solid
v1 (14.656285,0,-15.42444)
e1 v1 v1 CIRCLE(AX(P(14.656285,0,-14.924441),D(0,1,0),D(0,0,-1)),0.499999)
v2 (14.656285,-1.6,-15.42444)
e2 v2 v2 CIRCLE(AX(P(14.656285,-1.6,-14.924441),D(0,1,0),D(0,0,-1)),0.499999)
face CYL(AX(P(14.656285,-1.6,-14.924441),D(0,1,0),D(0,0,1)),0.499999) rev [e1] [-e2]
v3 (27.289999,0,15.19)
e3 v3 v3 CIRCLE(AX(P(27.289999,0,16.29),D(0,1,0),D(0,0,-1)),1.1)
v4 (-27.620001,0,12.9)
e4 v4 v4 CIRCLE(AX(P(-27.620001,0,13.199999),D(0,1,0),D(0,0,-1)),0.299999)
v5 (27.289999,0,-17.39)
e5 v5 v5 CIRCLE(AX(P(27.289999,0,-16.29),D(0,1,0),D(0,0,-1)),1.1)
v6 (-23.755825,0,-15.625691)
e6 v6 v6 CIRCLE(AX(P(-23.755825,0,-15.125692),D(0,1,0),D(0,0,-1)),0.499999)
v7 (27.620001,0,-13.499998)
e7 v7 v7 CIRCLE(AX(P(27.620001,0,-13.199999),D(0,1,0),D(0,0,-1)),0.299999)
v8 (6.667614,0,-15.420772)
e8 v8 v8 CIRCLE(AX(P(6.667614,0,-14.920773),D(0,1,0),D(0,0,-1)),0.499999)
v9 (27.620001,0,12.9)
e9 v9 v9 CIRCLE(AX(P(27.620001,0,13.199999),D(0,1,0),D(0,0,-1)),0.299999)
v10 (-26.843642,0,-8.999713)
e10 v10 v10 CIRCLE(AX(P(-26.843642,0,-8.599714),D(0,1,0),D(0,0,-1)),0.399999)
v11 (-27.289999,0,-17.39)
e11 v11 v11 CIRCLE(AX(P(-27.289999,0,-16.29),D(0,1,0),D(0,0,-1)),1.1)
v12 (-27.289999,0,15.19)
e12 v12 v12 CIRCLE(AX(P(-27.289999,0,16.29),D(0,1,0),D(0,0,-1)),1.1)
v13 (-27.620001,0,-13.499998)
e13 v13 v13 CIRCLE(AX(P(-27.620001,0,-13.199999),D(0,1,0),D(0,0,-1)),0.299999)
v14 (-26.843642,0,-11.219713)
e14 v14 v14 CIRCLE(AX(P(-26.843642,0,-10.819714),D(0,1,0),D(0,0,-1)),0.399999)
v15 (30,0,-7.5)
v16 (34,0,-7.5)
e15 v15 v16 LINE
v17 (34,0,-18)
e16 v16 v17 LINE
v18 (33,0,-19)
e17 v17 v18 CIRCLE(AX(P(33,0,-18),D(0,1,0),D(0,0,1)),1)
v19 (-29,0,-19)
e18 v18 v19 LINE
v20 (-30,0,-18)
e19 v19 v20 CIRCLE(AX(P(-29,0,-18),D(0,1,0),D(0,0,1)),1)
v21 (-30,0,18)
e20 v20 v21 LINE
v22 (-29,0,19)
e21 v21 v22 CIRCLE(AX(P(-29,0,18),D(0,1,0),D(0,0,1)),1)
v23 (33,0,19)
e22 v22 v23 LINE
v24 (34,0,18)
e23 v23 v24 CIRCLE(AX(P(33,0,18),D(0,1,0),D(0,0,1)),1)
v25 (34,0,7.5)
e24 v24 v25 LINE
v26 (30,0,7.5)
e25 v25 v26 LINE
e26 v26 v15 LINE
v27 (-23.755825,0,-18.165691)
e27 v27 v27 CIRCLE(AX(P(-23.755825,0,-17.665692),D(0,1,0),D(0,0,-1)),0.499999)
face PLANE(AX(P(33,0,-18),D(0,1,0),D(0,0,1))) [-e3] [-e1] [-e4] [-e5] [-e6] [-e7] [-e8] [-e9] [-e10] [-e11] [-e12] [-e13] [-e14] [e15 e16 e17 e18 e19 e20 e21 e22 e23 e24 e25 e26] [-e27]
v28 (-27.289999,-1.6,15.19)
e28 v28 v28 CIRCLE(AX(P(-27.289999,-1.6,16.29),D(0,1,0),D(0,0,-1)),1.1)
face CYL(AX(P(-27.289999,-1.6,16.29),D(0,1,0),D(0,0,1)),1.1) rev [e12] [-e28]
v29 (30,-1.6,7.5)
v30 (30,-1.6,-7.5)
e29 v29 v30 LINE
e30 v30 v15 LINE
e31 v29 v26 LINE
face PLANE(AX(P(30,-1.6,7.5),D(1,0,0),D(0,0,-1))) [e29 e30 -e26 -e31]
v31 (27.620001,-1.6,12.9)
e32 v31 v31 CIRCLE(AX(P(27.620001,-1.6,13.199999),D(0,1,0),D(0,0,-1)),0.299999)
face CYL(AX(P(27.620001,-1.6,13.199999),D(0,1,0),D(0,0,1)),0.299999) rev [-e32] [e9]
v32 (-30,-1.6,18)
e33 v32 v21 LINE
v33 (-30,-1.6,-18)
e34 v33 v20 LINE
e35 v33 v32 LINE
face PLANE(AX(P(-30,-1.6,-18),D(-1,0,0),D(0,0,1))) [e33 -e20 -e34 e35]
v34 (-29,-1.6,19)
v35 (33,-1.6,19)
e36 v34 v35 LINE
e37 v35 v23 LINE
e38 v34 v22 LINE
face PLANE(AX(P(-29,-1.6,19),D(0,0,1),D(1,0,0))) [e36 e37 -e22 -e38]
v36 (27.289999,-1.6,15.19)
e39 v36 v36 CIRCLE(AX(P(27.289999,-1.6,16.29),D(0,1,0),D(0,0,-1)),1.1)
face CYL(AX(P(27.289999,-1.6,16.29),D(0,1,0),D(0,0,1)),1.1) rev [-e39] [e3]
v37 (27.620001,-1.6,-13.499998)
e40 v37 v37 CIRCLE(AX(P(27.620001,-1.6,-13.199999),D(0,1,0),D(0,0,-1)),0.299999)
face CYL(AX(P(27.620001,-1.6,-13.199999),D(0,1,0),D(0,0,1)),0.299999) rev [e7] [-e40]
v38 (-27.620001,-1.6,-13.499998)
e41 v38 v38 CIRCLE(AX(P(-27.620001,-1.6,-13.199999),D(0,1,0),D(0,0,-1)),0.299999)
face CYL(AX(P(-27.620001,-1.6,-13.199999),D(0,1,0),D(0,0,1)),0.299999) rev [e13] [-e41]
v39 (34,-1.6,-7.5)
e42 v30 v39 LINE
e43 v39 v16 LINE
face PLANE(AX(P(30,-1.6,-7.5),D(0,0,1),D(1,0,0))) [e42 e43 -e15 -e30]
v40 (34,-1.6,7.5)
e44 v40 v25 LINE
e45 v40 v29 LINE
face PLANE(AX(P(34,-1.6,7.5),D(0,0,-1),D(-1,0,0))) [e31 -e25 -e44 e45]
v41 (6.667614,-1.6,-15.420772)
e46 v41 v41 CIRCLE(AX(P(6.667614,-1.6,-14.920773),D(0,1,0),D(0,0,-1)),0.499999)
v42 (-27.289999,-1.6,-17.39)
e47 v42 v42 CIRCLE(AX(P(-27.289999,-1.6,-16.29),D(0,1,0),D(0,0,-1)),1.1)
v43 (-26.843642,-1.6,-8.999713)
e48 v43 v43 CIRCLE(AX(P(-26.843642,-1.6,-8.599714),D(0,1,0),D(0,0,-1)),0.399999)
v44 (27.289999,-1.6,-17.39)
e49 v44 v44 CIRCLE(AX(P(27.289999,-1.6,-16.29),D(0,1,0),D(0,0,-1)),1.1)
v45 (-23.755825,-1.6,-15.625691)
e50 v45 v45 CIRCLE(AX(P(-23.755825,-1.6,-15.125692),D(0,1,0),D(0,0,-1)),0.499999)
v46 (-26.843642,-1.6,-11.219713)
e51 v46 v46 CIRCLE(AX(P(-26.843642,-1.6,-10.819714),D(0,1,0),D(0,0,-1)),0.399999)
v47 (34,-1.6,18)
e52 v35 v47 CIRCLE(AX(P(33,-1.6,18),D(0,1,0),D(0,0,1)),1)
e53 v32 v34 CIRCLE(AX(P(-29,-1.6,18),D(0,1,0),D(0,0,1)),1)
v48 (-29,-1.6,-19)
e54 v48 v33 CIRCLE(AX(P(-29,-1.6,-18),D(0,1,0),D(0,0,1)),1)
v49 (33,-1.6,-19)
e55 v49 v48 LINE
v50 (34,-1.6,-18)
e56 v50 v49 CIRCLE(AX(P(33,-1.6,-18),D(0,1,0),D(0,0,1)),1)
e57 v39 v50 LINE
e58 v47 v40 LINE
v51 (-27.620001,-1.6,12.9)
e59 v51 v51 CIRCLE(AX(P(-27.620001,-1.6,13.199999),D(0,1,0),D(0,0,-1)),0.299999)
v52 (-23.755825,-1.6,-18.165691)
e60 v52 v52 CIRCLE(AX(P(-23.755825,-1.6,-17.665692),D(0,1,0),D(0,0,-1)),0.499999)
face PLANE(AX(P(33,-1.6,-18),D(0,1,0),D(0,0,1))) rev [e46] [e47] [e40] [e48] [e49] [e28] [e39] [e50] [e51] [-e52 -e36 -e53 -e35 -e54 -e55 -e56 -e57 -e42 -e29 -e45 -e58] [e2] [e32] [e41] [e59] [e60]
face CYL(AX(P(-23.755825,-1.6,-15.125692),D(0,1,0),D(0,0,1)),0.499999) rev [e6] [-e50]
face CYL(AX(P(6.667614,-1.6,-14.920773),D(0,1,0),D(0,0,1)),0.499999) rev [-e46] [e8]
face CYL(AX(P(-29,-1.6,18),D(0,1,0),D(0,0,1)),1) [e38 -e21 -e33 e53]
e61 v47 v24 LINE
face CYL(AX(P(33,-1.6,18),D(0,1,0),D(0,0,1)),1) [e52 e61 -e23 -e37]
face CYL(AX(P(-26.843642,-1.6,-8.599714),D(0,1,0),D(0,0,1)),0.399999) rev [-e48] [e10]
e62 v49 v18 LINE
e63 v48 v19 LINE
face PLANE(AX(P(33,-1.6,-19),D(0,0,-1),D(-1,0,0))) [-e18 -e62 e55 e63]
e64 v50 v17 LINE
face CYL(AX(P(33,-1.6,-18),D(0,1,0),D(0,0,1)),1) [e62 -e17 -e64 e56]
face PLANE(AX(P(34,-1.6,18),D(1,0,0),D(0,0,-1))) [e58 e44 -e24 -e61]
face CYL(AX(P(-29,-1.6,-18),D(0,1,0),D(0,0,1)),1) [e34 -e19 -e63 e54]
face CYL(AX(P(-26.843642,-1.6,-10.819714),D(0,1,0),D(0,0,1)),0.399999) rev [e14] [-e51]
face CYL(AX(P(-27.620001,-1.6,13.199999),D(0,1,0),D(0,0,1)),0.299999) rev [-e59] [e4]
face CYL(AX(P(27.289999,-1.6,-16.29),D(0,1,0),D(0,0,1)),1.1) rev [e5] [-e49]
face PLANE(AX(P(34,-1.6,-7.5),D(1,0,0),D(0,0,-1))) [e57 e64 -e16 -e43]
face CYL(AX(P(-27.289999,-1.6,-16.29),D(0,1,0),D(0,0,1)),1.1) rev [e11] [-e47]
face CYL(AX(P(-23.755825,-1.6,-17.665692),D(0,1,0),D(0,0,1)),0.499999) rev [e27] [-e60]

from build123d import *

# Parameters (mm, degrees)
SKETCH1_R           = 0.2999994
SKETCH1_R_2         = 1.1
SKETCH1_R_3         = 0.499999
SKETCH1_R_4         = 0.3999992
BOSS_EXTRUDE1_DEPTH = 1.6


with BuildPart() as part:
    # Sketch1 → Boss-Extrude1 (new body)
    with BuildSketch(Plane(origin=(0, 0, 0), x_dir=(1, 0, 0), z_dir=(0, 1, 0))):
        with BuildLine():
            Line((34, -18), (34, -7.5))
            Line((34, -7.5), (30, -7.5))
            Line((30, -7.5), (30, 7.5))
            Line((30, 7.5), (34, 7.5))
            Line((34, 7.5), (34, 18))
            ThreePointArc((34, 18), (33.707106781, 18.707106781), (33, 19))
            Line((33, 19), (-29, 19))
            ThreePointArc((-29, 19), (-29.707106781, 18.707106781), (-30, 18))
            Line((-30, 18), (-30, -18))
            ThreePointArc((-30, -18), (-29.707106781, -18.707106781), (-29, -19))
            Line((-29, -19), (33, -19))
            ThreePointArc((33, -19), (33.707106781, -18.707106781), (34, -18))
        make_face()
        with Locations(Location((27.62000064, 13.199999, 0), (0, 0, 90))):
            Circle(SKETCH1_R, mode=Mode.SUBTRACT)
        with Locations(Location((27.28999876, -16.29000044, 0), (0, 0, 90))):
            Circle(SKETCH1_R_2, mode=Mode.SUBTRACT)
        with Locations(Location((27.62000064, -13.199999, 0), (0, 0, 90))):
            Circle(SKETCH1_R, mode=Mode.SUBTRACT)
        with Locations(Location((14.65628514, 14.92444056, 0), (0, 0, 90))):
            Circle(SKETCH1_R_3, mode=Mode.SUBTRACT)
        with Locations(Location((27.28999876, 16.29000044, 0), (0, 0, 90))):
            Circle(SKETCH1_R_2, mode=Mode.SUBTRACT)
        with Locations(Location((6.6676143, 14.9207728, 0), (0, 0, 90))):
            Circle(SKETCH1_R_3, mode=Mode.SUBTRACT)
        with Locations(Location((-23.75582498, 15.12569238, 0), (0, 0, 90))):
            Circle(SKETCH1_R_3, mode=Mode.SUBTRACT)
        with Locations(Location((-26.84364202, 8.59971356, 0), (0, 0, 90))):
            Circle(SKETCH1_R_4, mode=Mode.SUBTRACT)
        with Locations(Location((-27.28999876, -16.29000044, 0), (0, 0, 90))):
            Circle(SKETCH1_R_2, mode=Mode.SUBTRACT)
        with Locations(Location((-27.62000064, -13.199999, 0), (0, 0, 90))):
            Circle(SKETCH1_R, mode=Mode.SUBTRACT)
        with Locations(Location((-26.84364202, 10.8197142, 0), (0, 0, 90))):
            Circle(SKETCH1_R_4, mode=Mode.SUBTRACT)
        with Locations(Location((-23.75582498, 17.66569238, 0), (0, 0, 90))):
            Circle(SKETCH1_R_3, mode=Mode.SUBTRACT)
        with Locations(Location((-27.62000064, 13.199999, 0), (0, 0, 90))):
            Circle(SKETCH1_R, mode=Mode.SUBTRACT)
        with Locations(Location((-27.28999876, 16.29000044, 0), (0, 0, 90))):
            Circle(SKETCH1_R_2, mode=Mode.SUBTRACT)
    extrude(amount=-BOSS_EXTRUDE1_DEPTH)


solid = part.part
